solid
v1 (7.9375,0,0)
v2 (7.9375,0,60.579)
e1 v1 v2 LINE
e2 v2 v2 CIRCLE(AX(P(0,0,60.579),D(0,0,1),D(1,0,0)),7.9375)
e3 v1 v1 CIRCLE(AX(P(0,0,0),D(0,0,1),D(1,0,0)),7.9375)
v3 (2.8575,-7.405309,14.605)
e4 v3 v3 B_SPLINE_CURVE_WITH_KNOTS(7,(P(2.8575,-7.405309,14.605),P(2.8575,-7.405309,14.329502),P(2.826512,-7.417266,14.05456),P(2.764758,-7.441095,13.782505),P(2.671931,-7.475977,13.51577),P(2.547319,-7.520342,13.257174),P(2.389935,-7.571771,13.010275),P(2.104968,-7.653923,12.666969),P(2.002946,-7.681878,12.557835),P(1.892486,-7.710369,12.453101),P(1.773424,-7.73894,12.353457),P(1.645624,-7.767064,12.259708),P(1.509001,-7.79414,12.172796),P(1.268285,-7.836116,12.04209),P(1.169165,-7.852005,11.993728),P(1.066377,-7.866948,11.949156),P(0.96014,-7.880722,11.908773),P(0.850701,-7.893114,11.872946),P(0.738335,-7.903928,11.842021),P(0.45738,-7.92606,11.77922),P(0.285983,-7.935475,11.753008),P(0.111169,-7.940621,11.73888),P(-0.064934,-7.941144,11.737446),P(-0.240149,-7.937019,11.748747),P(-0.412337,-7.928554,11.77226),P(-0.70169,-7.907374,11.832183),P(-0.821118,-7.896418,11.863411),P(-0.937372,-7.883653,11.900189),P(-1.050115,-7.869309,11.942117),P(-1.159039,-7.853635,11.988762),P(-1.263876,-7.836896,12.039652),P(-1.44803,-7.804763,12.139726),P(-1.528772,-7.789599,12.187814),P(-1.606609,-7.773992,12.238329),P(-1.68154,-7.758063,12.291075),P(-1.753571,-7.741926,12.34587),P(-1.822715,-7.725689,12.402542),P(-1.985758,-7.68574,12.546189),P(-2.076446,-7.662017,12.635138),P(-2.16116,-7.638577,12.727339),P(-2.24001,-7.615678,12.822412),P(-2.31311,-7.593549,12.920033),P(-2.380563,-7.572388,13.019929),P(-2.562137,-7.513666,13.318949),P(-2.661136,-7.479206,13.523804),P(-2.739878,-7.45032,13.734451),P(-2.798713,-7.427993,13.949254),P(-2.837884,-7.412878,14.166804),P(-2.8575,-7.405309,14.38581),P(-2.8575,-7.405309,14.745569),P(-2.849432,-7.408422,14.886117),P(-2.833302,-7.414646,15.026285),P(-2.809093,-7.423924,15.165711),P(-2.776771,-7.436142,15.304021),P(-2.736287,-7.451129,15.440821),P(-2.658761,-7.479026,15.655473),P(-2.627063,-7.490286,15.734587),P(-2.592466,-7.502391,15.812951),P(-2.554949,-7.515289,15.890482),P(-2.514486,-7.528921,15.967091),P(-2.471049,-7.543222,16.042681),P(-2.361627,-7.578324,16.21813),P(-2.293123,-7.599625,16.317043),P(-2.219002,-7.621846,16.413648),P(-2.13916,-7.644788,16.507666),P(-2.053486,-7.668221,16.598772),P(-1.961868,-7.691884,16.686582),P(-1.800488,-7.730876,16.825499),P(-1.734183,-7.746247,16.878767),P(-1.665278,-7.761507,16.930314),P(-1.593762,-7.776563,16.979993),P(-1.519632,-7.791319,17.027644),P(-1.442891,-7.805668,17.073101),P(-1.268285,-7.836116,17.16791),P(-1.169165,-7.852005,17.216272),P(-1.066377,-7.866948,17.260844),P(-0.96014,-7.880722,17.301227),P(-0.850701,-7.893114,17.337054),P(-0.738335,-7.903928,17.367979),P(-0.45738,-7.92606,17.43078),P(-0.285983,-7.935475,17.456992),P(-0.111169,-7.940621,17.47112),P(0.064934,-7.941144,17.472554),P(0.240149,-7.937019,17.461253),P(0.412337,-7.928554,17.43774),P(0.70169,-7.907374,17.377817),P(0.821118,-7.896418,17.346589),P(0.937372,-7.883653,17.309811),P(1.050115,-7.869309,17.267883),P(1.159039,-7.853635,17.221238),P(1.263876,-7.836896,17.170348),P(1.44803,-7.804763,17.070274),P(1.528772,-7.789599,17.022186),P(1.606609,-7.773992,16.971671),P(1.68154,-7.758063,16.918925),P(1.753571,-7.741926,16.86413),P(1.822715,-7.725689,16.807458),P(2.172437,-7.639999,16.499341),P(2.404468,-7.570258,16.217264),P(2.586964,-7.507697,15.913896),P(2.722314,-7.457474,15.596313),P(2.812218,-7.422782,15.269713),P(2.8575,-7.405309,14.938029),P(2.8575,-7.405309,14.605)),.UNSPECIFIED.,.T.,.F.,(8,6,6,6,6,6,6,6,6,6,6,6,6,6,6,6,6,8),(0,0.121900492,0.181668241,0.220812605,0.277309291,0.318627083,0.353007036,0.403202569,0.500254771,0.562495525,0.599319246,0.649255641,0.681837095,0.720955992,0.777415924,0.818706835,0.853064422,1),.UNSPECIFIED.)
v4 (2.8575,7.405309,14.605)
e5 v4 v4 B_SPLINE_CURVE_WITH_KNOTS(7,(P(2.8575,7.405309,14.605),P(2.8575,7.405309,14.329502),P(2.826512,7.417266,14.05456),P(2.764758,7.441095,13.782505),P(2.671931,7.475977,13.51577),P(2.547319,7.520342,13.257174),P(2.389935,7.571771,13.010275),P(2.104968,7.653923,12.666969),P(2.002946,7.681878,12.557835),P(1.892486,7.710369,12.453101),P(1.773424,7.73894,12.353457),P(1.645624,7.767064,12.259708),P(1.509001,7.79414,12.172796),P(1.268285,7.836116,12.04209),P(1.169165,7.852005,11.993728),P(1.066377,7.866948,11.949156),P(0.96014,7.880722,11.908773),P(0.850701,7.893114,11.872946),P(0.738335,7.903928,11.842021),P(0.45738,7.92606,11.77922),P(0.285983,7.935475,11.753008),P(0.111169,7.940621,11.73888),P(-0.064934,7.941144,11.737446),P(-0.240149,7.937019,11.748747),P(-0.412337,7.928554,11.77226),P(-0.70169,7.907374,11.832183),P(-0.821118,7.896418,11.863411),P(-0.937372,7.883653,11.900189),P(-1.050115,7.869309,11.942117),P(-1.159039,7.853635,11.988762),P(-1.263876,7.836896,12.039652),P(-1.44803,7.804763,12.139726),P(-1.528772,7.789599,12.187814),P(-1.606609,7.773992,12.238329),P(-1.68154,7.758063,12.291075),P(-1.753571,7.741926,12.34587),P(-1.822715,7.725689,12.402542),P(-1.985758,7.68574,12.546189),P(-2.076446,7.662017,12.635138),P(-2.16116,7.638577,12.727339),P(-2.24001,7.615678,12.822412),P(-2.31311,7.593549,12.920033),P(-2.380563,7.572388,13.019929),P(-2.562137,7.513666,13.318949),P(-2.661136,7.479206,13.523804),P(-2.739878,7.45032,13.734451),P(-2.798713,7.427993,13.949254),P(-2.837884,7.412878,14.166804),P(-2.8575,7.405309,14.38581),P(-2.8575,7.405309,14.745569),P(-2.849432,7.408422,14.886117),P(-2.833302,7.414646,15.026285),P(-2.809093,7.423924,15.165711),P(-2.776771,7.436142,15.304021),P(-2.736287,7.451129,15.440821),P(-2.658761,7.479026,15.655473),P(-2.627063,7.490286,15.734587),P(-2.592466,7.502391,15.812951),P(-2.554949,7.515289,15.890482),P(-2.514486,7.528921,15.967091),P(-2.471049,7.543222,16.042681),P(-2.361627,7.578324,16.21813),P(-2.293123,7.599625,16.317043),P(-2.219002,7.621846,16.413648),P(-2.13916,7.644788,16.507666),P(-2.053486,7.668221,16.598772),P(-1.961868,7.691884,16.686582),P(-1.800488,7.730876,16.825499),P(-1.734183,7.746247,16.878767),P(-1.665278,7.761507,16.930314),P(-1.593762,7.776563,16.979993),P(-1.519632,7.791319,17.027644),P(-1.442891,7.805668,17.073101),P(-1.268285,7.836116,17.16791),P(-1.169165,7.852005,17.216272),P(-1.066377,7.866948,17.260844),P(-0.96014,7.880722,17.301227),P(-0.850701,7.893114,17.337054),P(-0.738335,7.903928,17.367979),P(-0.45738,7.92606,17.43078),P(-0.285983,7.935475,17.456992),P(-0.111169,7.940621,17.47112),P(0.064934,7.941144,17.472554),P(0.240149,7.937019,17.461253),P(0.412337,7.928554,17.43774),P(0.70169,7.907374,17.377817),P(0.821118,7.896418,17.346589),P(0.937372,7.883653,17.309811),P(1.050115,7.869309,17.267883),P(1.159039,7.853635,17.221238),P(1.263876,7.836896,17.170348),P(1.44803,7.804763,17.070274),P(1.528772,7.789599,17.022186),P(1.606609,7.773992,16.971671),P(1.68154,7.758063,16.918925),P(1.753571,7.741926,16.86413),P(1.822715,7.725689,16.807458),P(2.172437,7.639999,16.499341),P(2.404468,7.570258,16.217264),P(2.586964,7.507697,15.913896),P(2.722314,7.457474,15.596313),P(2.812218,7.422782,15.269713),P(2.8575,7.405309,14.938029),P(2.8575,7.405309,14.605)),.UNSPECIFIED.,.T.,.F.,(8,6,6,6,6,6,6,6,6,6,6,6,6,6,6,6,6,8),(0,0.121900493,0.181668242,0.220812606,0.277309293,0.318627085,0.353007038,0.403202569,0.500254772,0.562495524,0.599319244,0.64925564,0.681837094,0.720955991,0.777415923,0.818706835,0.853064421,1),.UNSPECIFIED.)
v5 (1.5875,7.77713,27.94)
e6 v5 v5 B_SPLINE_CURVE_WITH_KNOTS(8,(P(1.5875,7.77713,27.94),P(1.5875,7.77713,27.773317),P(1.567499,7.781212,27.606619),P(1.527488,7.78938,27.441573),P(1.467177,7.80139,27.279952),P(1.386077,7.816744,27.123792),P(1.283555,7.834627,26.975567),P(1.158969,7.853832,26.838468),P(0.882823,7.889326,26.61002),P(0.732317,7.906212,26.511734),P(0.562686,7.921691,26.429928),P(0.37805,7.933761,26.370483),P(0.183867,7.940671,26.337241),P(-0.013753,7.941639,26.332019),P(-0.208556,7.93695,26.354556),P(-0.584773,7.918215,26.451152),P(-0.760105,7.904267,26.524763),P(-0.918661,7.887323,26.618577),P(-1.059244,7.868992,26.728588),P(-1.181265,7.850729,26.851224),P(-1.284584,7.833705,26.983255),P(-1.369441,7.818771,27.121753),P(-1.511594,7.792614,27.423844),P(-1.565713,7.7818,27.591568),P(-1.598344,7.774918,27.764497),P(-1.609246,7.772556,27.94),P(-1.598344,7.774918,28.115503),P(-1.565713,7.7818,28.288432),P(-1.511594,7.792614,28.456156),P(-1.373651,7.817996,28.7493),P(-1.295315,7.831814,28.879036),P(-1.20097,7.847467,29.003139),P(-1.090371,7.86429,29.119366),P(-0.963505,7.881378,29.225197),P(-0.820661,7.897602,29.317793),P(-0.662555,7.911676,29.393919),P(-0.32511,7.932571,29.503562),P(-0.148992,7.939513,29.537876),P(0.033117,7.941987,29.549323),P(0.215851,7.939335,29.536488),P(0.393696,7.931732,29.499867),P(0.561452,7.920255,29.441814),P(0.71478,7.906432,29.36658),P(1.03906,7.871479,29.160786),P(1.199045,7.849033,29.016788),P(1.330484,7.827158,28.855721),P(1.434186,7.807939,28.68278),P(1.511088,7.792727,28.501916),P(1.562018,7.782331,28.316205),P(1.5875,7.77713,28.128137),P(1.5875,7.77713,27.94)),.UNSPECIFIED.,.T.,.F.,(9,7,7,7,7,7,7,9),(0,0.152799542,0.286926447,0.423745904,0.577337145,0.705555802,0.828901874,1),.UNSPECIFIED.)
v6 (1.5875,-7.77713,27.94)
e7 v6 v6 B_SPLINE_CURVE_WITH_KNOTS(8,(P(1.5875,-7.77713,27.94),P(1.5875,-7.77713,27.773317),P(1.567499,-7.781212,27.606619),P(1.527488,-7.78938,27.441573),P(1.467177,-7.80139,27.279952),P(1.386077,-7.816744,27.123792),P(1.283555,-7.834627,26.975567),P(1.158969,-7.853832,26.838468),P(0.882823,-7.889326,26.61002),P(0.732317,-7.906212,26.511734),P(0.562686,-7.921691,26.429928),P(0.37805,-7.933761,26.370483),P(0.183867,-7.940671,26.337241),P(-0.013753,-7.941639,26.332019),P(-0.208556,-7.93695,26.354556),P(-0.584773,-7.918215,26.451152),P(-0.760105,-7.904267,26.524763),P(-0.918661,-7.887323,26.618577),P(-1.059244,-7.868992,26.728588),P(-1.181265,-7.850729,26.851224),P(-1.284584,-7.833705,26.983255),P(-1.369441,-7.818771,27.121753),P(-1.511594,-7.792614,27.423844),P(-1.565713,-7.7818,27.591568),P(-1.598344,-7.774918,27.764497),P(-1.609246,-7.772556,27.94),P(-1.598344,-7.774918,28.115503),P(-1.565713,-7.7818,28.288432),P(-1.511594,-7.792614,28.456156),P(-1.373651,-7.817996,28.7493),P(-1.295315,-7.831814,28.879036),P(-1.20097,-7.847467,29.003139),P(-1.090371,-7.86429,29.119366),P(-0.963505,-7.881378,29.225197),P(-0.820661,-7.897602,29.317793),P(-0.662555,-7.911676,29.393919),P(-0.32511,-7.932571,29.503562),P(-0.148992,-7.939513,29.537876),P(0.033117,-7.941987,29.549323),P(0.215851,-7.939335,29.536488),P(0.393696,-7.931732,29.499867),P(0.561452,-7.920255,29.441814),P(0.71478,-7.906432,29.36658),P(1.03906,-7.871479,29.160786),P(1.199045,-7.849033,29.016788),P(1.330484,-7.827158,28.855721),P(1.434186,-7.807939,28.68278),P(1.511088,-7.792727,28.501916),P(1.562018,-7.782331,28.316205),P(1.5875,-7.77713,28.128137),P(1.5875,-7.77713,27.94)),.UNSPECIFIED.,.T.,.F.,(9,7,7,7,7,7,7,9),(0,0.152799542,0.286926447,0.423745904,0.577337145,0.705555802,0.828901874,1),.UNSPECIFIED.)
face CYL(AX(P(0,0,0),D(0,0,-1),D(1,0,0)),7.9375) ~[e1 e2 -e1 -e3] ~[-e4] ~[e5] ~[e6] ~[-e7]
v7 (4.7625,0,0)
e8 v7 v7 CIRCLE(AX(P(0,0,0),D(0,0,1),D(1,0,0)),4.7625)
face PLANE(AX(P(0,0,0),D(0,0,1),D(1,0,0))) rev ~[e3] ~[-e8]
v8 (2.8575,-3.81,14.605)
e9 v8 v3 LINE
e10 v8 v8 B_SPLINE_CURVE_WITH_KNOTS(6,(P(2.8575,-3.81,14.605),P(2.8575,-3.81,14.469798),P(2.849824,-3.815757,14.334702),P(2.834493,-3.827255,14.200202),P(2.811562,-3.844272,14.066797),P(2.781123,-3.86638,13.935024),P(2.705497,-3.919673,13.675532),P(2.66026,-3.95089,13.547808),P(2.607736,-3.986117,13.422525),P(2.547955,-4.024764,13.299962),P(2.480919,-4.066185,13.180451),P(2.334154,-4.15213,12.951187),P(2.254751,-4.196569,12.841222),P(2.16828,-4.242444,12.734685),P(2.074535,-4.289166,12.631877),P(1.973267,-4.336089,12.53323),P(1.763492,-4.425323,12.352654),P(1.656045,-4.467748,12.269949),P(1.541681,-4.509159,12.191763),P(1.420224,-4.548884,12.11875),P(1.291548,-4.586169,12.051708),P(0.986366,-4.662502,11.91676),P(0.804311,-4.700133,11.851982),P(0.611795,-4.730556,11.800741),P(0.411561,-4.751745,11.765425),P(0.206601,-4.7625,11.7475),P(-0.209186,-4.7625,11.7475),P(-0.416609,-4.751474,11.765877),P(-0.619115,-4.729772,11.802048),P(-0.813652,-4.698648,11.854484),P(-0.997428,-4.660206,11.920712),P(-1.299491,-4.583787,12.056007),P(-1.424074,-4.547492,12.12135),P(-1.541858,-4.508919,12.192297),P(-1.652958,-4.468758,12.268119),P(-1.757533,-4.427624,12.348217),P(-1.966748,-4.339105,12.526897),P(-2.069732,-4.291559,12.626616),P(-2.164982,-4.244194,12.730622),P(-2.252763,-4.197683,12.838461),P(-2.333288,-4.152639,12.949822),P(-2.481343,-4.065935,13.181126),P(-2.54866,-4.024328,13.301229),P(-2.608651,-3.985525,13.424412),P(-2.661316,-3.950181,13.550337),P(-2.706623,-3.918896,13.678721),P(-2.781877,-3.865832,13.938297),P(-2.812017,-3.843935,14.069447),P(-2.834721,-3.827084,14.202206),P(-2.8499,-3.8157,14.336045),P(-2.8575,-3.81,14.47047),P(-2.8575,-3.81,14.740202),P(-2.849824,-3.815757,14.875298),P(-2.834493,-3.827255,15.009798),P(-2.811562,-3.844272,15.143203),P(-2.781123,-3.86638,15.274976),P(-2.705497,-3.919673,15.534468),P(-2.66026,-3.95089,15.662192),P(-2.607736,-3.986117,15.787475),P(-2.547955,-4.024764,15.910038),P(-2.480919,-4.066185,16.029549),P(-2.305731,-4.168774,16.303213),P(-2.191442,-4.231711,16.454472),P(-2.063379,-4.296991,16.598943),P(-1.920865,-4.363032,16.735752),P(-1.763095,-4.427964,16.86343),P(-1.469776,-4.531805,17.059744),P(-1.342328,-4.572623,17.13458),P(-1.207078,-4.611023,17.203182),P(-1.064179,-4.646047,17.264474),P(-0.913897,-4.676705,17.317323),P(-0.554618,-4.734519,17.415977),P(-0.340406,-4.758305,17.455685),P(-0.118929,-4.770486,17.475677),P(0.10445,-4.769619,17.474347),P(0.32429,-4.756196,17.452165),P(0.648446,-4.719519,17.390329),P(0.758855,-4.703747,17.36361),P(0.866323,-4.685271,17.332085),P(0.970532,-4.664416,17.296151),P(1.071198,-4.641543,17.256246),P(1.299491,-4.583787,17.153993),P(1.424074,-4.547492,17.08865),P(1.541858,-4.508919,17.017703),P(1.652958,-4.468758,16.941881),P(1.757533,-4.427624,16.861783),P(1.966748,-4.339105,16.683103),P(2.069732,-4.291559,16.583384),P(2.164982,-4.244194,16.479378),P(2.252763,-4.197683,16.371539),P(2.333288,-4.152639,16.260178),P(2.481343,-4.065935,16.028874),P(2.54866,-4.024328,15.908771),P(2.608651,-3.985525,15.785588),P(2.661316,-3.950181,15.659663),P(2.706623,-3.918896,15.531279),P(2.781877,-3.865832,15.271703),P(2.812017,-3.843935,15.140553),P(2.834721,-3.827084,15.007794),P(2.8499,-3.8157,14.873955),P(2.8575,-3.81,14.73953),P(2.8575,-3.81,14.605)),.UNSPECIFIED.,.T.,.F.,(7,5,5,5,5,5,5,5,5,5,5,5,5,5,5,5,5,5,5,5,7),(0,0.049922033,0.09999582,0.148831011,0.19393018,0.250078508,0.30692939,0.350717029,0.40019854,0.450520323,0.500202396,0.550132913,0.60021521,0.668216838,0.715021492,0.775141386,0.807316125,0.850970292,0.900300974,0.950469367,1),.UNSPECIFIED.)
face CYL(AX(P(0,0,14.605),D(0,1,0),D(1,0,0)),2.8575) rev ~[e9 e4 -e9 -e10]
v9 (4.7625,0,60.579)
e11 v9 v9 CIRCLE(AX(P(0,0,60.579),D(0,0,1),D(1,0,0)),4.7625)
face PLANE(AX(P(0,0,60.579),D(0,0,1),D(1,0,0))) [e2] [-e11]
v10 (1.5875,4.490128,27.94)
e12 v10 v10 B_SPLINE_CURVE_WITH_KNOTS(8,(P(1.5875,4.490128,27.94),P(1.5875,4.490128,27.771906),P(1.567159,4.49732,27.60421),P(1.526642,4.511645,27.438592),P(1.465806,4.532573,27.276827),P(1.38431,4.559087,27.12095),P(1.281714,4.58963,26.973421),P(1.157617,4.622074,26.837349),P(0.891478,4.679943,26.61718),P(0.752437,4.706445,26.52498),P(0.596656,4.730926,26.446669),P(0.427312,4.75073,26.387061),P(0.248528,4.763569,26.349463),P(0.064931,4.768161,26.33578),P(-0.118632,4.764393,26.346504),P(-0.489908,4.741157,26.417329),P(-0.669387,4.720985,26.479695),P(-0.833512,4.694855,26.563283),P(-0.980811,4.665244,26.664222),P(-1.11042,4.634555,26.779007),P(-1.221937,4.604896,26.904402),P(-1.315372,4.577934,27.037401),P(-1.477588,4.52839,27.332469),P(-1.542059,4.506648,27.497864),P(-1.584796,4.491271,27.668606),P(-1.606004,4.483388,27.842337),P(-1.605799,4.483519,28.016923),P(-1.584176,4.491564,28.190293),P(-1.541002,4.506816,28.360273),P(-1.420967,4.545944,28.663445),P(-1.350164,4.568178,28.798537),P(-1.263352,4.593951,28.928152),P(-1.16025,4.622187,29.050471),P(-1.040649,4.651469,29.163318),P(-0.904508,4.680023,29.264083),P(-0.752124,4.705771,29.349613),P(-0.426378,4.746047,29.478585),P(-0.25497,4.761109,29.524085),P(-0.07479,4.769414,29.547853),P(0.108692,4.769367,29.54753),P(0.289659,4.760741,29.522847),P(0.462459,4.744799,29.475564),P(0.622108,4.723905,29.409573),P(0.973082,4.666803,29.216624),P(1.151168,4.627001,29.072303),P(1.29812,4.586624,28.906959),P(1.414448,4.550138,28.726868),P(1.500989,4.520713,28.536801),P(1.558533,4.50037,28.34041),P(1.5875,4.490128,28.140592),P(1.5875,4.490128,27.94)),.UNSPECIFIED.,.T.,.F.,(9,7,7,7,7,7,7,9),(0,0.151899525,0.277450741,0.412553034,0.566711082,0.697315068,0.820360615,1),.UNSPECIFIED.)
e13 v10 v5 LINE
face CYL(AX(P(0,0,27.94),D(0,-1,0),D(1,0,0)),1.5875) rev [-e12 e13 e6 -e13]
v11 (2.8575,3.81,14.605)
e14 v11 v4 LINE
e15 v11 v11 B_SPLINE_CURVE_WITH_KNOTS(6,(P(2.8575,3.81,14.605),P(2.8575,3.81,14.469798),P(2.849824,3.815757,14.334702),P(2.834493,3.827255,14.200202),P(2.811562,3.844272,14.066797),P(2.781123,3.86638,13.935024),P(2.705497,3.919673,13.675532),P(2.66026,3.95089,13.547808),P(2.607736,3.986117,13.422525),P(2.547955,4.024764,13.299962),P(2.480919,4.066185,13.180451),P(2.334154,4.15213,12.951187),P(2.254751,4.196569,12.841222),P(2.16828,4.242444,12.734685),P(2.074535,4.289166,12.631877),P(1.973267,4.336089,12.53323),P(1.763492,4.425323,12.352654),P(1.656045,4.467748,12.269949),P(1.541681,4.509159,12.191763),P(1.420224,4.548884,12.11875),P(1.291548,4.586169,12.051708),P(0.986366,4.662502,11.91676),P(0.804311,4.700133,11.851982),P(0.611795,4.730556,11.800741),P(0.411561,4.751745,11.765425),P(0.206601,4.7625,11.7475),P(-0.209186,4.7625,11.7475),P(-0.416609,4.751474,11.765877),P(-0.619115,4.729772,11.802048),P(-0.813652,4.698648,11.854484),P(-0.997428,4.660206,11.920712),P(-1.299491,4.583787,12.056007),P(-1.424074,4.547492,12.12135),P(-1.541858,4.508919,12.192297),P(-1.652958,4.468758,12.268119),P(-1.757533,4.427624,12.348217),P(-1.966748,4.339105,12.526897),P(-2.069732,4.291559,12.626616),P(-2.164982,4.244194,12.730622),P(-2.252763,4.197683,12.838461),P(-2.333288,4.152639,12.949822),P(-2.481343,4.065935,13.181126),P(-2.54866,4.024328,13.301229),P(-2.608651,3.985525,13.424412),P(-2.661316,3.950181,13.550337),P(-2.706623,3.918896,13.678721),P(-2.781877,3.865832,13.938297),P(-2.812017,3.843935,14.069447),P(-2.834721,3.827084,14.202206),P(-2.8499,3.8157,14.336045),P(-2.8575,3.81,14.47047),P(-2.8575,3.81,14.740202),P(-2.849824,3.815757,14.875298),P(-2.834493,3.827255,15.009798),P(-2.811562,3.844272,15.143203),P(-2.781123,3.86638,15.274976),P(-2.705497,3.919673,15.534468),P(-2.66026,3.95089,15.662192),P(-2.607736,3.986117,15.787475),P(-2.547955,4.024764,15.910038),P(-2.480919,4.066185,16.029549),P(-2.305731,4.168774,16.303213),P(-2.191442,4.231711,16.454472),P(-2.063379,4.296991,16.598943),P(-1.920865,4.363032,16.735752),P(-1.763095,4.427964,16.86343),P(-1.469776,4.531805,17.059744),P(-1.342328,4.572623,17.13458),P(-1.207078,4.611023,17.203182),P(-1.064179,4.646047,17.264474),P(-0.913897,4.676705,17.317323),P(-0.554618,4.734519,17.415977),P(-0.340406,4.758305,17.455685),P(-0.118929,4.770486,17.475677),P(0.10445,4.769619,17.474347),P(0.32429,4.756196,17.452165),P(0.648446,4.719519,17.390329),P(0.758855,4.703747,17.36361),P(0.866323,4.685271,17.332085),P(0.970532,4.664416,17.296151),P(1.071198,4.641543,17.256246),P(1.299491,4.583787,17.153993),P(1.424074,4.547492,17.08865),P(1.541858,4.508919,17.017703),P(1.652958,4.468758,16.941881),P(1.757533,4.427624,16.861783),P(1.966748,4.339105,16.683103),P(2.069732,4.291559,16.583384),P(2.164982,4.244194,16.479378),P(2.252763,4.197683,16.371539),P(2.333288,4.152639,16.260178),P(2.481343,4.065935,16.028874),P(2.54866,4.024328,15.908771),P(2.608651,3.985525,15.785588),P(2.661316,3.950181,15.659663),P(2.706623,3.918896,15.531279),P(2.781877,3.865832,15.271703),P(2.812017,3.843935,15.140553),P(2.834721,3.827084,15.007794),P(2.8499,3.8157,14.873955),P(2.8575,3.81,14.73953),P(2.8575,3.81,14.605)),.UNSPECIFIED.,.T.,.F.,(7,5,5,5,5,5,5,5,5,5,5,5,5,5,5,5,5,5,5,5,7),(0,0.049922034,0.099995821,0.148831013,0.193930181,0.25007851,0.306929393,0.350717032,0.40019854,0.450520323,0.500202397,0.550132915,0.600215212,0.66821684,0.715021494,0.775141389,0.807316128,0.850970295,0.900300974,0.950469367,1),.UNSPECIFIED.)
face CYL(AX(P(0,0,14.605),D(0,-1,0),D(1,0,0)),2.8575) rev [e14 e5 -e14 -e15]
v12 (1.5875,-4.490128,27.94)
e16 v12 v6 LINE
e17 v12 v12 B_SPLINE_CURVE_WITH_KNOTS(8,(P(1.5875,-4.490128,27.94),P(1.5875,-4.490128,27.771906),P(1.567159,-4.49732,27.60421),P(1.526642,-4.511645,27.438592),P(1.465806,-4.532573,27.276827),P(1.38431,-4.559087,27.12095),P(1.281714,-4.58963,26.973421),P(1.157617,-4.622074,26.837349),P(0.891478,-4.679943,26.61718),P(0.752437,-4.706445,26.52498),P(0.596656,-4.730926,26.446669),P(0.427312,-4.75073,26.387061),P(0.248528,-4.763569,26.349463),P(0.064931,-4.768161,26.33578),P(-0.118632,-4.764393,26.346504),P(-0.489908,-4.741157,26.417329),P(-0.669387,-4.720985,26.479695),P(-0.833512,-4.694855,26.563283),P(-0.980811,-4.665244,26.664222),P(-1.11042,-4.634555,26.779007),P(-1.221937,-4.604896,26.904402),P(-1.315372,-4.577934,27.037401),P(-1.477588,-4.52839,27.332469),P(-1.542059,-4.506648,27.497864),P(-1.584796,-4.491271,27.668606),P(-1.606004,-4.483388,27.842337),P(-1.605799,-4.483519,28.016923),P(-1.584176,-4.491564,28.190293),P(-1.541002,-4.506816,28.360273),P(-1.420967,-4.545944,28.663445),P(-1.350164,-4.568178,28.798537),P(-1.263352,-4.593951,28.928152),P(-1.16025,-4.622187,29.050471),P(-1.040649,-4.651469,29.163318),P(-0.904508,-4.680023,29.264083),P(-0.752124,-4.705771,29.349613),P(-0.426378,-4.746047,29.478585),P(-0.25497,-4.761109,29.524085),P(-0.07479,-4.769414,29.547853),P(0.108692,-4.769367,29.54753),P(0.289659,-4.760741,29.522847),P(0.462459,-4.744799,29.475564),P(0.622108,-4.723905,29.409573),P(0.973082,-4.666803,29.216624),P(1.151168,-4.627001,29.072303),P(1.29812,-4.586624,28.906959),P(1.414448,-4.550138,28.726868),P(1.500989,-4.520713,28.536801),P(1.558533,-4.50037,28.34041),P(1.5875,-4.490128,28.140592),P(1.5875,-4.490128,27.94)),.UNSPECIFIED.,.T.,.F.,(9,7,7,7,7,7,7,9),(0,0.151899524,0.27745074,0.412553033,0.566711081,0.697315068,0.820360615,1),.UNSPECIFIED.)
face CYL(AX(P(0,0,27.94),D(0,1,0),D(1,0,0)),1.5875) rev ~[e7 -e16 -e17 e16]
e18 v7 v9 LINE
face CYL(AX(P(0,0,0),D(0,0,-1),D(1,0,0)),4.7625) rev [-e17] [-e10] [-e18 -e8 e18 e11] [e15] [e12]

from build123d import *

# Parameters (mm, degrees)
SKETCH1_R               = 7.9375
SKETCH1_R_2             = 4.7625
BOSS_EXTRUDE1_DEPTH     = 60.579
CUT_EXTRUDE1_DEPTH      = 60.579
CUT_EXTRUDE1_DEPTH_BACK = 60.579
SKETCH2_R               = 2.8575
CUT_EXTRUDE2_DEPTH      = 60.579
CUT_EXTRUDE2_DEPTH_BACK = 60.579
SKETCH3_R               = 1.5875


with BuildPart() as part:
    # Sketch1 → Boss-Extrude1 (new body)
    with BuildSketch(Plane.XY):
        Circle(SKETCH1_R)
        Circle(SKETCH1_R_2, mode=Mode.SUBTRACT)
    extrude(amount=BOSS_EXTRUDE1_DEPTH)

    # Sketch2 → Cut-Extrude1 (cut, two sides: drawn at the far end of the back side and taken through both)
    with BuildSketch(Plane(origin=(0, 0, 0), x_dir=(1, 0, 0), z_dir=(0, 1, 0)).offset(-CUT_EXTRUDE1_DEPTH_BACK)):
        with Locations((0, -14.605)):
            Circle(SKETCH2_R)
    extrude(amount=CUT_EXTRUDE1_DEPTH + CUT_EXTRUDE1_DEPTH_BACK, mode=Mode.SUBTRACT)

    # Sketch3 → Cut-Extrude2 (cut, two sides: drawn at the far end of the back side and taken through both)
    with BuildSketch(Plane(origin=(0, 0, 0), x_dir=(1, 0, 0), z_dir=(0, 1, 0)).offset(-CUT_EXTRUDE2_DEPTH_BACK)):
        with Locations((0, -27.94)):
            Circle(SKETCH3_R)
    extrude(amount=CUT_EXTRUDE2_DEPTH + CUT_EXTRUDE2_DEPTH_BACK, mode=Mode.SUBTRACT)


solid = part.part
